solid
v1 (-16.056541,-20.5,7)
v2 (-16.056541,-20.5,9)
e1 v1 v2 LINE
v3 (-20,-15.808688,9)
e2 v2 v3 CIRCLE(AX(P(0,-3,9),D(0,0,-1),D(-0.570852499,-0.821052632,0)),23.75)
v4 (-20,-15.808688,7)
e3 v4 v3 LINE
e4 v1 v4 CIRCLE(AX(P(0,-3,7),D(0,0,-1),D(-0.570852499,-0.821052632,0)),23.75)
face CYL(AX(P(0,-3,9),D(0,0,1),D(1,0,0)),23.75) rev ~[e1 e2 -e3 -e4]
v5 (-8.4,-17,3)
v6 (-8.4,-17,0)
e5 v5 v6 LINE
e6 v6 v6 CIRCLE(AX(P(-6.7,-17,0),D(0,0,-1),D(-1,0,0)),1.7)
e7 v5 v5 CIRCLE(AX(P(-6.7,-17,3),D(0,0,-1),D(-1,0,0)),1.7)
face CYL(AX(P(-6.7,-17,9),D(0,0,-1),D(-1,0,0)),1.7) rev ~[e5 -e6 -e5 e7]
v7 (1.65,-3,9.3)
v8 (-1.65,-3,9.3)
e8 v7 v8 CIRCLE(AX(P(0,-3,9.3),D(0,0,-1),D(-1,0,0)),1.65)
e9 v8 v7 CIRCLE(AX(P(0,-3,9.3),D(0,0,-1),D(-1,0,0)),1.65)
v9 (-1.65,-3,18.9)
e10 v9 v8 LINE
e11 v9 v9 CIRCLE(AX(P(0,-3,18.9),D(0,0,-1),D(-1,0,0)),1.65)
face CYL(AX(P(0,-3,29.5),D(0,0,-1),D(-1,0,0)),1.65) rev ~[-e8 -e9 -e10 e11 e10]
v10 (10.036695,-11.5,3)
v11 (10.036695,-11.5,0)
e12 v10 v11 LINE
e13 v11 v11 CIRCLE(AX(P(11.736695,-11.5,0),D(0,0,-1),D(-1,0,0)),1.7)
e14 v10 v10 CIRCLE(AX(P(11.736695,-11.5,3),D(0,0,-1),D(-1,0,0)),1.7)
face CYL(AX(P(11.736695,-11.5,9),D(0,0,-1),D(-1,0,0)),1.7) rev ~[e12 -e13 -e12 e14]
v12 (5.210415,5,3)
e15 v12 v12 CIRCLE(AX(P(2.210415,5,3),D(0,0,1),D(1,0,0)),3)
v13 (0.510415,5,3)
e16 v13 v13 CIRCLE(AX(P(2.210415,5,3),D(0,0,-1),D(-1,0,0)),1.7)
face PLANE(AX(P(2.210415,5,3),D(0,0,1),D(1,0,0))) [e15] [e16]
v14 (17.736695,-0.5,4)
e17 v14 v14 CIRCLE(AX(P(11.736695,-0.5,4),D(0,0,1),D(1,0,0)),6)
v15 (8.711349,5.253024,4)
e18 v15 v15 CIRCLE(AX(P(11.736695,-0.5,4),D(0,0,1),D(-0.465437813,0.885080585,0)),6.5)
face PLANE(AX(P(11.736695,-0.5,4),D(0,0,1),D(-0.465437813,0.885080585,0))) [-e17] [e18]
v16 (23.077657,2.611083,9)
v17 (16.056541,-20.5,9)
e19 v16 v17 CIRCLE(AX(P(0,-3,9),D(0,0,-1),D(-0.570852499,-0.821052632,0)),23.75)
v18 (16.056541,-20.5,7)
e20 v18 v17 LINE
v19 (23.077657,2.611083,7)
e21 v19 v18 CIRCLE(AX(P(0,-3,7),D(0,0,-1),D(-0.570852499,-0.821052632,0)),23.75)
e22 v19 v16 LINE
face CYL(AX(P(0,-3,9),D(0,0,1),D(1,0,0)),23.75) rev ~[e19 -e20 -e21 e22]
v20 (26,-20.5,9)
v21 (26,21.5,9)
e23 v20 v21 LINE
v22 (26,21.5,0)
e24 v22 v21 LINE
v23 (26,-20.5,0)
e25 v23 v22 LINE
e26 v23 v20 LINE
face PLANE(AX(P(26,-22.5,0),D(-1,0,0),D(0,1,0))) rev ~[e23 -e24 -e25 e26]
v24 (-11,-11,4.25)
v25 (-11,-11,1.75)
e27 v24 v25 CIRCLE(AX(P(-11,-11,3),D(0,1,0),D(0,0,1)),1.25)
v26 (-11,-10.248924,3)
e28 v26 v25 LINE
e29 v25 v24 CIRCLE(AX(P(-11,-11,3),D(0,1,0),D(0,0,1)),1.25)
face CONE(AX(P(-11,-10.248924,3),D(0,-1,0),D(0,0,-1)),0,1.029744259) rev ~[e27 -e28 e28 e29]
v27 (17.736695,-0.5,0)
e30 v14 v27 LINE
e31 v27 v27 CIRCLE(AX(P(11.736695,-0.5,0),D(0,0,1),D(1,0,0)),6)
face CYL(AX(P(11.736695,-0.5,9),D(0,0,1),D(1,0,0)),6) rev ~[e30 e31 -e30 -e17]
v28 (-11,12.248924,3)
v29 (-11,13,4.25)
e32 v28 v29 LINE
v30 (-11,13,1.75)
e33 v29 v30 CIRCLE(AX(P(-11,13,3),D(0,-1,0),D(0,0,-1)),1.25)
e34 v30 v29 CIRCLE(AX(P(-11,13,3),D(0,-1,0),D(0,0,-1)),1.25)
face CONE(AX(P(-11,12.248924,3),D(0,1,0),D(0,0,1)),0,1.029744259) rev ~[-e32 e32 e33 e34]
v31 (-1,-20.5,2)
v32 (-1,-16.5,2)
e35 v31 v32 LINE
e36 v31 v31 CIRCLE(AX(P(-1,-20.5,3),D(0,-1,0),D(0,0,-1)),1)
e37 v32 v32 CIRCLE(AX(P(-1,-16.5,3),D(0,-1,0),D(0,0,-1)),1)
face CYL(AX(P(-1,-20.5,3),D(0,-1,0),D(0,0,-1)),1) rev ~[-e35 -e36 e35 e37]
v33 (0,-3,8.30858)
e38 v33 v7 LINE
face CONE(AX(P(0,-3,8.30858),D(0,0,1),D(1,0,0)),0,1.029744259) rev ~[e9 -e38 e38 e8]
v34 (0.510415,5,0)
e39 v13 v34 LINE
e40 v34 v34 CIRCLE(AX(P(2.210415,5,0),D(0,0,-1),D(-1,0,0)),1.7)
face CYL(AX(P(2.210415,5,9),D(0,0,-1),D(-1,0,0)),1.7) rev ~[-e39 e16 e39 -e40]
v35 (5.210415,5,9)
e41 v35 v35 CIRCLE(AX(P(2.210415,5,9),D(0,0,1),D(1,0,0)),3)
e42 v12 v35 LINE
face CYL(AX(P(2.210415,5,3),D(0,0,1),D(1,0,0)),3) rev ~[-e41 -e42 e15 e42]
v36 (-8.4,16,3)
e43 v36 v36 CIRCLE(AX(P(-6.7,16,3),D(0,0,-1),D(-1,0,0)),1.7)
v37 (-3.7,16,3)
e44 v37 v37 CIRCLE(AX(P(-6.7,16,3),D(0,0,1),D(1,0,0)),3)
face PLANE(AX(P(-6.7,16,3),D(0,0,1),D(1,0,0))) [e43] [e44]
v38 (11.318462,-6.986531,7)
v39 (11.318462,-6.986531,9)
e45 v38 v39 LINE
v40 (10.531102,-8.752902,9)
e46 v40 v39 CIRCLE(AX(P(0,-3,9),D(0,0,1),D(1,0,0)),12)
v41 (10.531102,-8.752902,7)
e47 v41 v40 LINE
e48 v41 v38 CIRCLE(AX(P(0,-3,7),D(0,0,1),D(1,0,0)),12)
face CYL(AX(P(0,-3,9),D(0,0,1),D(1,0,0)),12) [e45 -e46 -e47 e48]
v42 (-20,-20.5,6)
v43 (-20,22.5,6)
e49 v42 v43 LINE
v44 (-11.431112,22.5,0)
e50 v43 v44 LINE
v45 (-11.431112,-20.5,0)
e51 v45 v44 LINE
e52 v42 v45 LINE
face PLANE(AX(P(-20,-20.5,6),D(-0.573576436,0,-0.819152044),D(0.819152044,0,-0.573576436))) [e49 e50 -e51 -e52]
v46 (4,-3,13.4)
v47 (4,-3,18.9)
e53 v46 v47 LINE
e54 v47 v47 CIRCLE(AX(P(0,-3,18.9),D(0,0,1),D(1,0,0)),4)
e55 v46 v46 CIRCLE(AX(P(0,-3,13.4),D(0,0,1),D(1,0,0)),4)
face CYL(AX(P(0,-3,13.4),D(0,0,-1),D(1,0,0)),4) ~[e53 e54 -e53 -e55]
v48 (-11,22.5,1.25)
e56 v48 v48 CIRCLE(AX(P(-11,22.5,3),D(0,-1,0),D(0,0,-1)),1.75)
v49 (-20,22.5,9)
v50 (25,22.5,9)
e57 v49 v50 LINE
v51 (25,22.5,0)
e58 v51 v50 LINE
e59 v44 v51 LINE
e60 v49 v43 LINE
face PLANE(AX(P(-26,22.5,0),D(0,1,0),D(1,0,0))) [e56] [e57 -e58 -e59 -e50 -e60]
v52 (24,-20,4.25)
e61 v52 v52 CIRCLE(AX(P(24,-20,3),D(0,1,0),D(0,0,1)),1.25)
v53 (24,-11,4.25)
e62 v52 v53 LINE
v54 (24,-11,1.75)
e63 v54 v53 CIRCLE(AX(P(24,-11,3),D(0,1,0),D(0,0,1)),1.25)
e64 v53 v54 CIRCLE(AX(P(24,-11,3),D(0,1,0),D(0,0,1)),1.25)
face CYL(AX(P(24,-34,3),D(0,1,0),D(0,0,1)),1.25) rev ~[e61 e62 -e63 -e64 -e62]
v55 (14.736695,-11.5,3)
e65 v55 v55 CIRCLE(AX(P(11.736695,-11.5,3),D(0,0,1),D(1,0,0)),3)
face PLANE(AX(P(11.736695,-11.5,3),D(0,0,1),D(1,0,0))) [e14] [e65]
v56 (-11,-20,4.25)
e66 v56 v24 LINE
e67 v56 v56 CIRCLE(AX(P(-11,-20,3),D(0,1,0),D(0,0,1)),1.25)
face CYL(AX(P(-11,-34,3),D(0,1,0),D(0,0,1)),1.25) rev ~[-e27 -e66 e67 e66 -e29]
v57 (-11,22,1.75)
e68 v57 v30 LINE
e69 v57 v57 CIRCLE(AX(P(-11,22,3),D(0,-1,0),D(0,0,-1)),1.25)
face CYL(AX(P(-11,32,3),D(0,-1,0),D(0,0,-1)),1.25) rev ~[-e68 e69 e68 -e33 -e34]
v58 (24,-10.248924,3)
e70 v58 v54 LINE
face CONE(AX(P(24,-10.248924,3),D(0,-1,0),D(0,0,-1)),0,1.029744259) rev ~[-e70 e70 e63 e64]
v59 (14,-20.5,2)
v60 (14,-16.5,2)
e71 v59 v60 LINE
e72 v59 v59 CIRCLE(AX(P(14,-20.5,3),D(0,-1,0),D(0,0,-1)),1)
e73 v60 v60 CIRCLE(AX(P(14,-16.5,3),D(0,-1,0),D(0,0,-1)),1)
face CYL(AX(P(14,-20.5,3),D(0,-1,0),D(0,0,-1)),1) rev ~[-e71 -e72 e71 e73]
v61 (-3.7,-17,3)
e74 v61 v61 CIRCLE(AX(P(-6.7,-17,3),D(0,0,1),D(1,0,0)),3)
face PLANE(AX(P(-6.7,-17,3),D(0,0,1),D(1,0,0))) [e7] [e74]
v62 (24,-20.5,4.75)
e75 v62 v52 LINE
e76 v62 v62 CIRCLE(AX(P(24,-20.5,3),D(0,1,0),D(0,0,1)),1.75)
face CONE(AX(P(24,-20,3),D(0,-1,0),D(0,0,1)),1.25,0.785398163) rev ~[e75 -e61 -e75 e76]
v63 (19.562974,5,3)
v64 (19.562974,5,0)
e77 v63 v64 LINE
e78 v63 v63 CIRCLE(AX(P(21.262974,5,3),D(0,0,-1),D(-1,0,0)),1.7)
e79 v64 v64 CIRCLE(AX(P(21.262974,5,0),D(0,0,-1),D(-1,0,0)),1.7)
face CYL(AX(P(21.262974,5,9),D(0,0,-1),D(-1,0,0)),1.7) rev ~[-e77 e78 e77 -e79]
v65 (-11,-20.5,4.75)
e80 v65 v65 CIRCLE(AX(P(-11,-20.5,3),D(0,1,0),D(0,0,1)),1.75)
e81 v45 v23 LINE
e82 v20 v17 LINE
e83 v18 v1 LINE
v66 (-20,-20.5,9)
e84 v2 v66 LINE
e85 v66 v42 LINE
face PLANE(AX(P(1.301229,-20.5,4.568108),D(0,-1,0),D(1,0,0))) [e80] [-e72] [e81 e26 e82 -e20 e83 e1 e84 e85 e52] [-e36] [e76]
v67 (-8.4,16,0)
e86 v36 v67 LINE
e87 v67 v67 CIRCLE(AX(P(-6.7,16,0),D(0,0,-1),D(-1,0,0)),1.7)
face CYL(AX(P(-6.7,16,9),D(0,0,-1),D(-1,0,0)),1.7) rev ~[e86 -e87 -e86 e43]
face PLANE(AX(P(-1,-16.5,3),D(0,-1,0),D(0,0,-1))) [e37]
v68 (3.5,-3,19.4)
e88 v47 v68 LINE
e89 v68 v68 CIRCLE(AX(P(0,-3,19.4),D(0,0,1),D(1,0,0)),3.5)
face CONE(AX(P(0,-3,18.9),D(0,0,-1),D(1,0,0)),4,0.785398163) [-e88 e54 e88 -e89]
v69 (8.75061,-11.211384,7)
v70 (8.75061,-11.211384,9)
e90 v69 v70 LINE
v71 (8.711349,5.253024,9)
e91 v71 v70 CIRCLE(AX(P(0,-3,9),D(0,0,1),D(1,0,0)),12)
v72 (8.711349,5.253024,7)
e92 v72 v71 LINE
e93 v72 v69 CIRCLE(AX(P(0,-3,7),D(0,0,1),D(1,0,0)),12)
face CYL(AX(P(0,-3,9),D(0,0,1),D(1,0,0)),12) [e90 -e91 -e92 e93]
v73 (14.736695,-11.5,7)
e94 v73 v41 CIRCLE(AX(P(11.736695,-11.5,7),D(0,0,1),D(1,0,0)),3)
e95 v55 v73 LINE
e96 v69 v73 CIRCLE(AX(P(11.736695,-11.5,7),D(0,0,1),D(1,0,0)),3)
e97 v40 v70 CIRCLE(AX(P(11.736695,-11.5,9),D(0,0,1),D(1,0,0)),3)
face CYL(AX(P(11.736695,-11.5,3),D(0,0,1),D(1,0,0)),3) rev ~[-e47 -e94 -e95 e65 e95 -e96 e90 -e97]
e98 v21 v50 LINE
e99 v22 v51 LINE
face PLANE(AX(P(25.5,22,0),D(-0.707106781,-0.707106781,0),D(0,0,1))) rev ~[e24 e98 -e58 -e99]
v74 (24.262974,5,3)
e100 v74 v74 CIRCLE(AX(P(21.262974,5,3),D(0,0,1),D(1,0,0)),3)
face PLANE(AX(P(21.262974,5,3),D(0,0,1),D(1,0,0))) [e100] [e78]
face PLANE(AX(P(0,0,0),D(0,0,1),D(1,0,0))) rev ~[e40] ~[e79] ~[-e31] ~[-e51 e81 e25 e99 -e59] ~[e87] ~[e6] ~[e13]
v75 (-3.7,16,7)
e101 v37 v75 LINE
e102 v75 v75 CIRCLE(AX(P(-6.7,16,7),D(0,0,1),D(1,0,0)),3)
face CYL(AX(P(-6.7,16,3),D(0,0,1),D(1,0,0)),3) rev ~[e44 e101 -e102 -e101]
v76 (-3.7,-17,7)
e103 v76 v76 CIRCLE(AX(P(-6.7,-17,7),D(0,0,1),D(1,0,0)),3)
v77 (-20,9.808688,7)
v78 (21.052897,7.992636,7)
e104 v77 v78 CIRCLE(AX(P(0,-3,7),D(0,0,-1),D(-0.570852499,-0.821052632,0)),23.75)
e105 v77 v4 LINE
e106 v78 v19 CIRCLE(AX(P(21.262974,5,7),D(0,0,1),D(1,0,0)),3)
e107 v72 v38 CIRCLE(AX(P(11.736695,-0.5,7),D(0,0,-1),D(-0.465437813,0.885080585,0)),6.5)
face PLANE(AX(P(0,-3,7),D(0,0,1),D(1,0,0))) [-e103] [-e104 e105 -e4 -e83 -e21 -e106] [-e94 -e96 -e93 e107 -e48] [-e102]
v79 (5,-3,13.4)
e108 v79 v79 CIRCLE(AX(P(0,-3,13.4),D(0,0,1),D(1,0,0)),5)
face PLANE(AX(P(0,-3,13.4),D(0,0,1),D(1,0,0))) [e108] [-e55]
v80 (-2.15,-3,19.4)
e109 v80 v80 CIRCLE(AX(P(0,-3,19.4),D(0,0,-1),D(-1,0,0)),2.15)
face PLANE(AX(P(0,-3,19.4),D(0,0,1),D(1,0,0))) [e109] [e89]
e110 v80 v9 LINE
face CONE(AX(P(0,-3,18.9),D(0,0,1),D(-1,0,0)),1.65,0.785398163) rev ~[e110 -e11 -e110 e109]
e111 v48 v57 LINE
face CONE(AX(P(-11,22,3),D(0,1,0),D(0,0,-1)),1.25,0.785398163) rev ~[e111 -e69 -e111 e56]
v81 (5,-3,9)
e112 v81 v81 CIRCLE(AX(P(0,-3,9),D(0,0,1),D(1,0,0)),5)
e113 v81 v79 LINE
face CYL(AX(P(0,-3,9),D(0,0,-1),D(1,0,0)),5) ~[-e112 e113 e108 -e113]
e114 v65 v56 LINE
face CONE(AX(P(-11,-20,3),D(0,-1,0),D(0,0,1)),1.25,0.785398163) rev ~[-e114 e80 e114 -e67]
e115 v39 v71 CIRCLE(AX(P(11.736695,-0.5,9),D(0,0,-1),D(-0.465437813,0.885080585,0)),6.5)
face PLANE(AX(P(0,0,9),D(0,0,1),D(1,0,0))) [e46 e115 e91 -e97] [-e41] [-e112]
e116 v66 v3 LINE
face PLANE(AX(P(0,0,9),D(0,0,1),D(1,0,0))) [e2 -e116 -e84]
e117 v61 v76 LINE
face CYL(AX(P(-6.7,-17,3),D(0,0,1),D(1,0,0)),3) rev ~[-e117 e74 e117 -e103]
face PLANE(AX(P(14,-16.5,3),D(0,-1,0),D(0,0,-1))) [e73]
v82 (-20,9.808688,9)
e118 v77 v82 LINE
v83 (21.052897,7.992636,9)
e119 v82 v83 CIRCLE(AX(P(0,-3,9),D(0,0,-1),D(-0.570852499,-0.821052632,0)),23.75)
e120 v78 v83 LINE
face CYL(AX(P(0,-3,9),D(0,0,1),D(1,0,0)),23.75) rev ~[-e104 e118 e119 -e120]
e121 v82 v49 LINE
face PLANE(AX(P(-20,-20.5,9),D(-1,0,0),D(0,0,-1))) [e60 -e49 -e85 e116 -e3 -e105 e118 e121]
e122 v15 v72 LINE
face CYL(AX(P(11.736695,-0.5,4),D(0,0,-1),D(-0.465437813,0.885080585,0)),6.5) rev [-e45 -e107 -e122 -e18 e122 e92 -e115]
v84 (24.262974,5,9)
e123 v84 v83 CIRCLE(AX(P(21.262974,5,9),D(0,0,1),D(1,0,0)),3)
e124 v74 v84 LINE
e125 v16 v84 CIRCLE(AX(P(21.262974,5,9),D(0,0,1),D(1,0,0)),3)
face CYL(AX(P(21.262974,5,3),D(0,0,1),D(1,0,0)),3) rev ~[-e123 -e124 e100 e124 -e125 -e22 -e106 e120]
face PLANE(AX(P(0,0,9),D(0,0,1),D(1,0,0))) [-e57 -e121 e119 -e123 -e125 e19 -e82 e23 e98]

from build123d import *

# Parameters (mm, degrees)
SKETCH_1_W                 = 52
SKETCH_1_H                 = 45
EXTRUDE_1_DEPTH            = 9
SKETCH_19_R                = 23.75
SKETCH_19_R_2              = 12
CUT_EXTRUDE_2_DEPTH        = 2
SKETCH_20_R                = 5
EXTRUDE_3_DEPTH            = 4.4
SKETCH_21_R                = 4
EXTRUDE_4_DEPTH            = 6
SKETCH_22_R                = 6
CUT_EXTRUDE_5_DEPTH        = 36.922277211
HOLE_WIZARD_1_D            = 3.4
HOLE_WIZARD_1_CBORE_D      = 6
HOLE_WIZARD_1_CBORE_DEPTH  = 6
CUT_EXTRUDE_6_DEPTH        = 45
HOLE_WIZARD_M3_1_D         = 2.5
HOLE_WIZARD_M3_1_DEPTH     = 9.5
HOLE_WIZARD_M3_1_TIP       = 0.751075774
HOLE_WIZARD_M4_2_D         = 3.3
HOLE_WIZARD_M4_2_DEPTH     = 10.1
HOLE_WIZARD_M4_2_TIP       = 0.991420021
CHAMFER_3_SIZE             = 0.5
M3_TAPPED_HOLE2_D          = 2.5
M3_TAPPED_HOLE2_DEPTH      = 11.5
M3_TAPPED_HOLE2_TIP        = 0.751075774
CHAMFER_4_SIZE             = 0.5
CHAMFER_5_SIZE             = 0.5
CHAMFER_6_SIZE             = 1
HOLE_WIZARD_2_D            = 3.4
HOLE_WIZARD_2_CBORE_D      = 6
HOLE_WIZARD_2_CBORE_DEPTH  = 6
EXTRUDE3_DEPTH             = 2
CHAMFER3_SIZE              = 0.5
EXTRUDE4_REACH             = 55.864
SKETCH_34_R                = 1
CUT_EXTRUDE_1_DEPTH        = 4
CUT_EXTRUDE_2_2_DEPTH      = 6
CUT_EXTRUDE_2_2_DEPTH_BACK = 3
SKETCH_35_R                = 6.5


with BuildPart() as part:
    # 草图1 → 拉伸1 (new body)
    with BuildSketch(Plane.XY):
        Rectangle(SKETCH_1_W, SKETCH_1_H)
    extrude(amount=EXTRUDE_1_DEPTH)

    # 草图19 → Cut-Extrude 2 (cut)
    with BuildSketch(Plane.XY.offset(9)):
        with Locations((0, -3)):
            Circle(SKETCH_19_R)
        with Locations((0, -3)):
            Circle(SKETCH_19_R_2, mode=Mode.SUBTRACT)
    extrude(amount=-CUT_EXTRUDE_2_DEPTH, mode=Mode.SUBTRACT)

    # 草图20 → 拉伸3 (add)
    with BuildSketch(Plane.XY.offset(9)):
        with Locations((0, -3)):
            Circle(SKETCH_20_R)
    extrude(amount=EXTRUDE_3_DEPTH)

    # 草图21 → 拉伸4 (add)
    with BuildSketch(Plane.XY.offset(13.4)):
        with Locations((0, -3)):
            Circle(SKETCH_21_R)
    extrude(amount=EXTRUDE_4_DEPTH)

    # 草图22 → 拉伸5 (cut, through all)
    with BuildSketch(Plane.XY.offset(9)):
        with Locations((11.736694594, -0.5)):
            Circle(SKETCH_22_R)
    extrude(amount=-CUT_EXTRUDE_5_DEPTH, mode=Mode.SUBTRACT)

    # 打孔尺寸根据内六角圆柱头螺钉的类型1 (through all)
    with Locations(Plane(origin=(2.210415153, 5, 9), x_dir=(1, 0, 0), z_dir=(0, 0, 1))):
        with Locations((0, 0), (9.526279441, -16.5), (19.052558883, 0)):
            CounterBoreHole(HOLE_WIZARD_1_D / 2, HOLE_WIZARD_1_CBORE_D / 2, HOLE_WIZARD_1_CBORE_DEPTH)

    # 草图25 → 拉伸6 (cut)
    with BuildSketch(Plane.XZ.offset(22.5)):
        Polygon((-26, 8), (-14.574815946, 0), (-26, 0), align=None)
    extrude(amount=-CUT_EXTRUDE_6_DEPTH, mode=Mode.SUBTRACT)

    # M3 螺纹孔1
    with Locations(Plane(origin=(-11, 22.5, 3), x_dir=(0, 0, 1), z_dir=(0, 1, 0))):
        with Locations((0, 0)):
            Hole(HOLE_WIZARD_M3_1_D / 2, depth=HOLE_WIZARD_M3_1_DEPTH)
            with Locations((0, 0, -(HOLE_WIZARD_M3_1_DEPTH + HOLE_WIZARD_M3_1_TIP / 2))):  # 118° drill point
                Cone(0, HOLE_WIZARD_M3_1_D / 2, HOLE_WIZARD_M3_1_TIP, mode=Mode.SUBTRACT)

    # M4 螺纹孔2
    with Locations(Plane(origin=(0, -3, 19.4), x_dir=(1, 0, 0), z_dir=(0, 0, 1))):
        with Locations((0, 0)):
            Hole(HOLE_WIZARD_M4_2_D / 2, depth=HOLE_WIZARD_M4_2_DEPTH)
            with Locations((0, 0, -(HOLE_WIZARD_M4_2_DEPTH + HOLE_WIZARD_M4_2_TIP / 2))):  # 118° drill point
                Cone(0, HOLE_WIZARD_M4_2_D / 2, HOLE_WIZARD_M4_2_TIP, mode=Mode.SUBTRACT)

    # 倒角3
    chamfer_3_edges = [part.edges().sort_by_distance(p)[0] for p in [
        (-4, -3, 19.4),
        (1.65, -3, 19.4),
    ]]
    chamfer(chamfer_3_edges, length=CHAMFER_3_SIZE)

    # M3 Tapped Hole2
    with Locations(Plane(origin=(-11, -22.5, 3), x_dir=(0, 0, -1), z_dir=(0, -1, 0))):
        with Locations((0, 0), (0, 35)):
            Hole(M3_TAPPED_HOLE2_D / 2, depth=M3_TAPPED_HOLE2_DEPTH)
            with Locations((0, 0, -(M3_TAPPED_HOLE2_DEPTH + M3_TAPPED_HOLE2_TIP / 2))):  # 118° drill point
                Cone(0, M3_TAPPED_HOLE2_D / 2, M3_TAPPED_HOLE2_TIP, mode=Mode.SUBTRACT)

    # 倒角4
    chamfer_4_edges = [part.edges().sort_by_distance(p)[0] for p in [
        (-11, -22.5, 1.75),
        (-11, 22.5, 4.25),
    ]]
    chamfer(chamfer_4_edges, length=CHAMFER_4_SIZE)

    # 倒角5
    chamfer_5_edges = [part.edges().sort_by_distance(p)[0] for p in [
        (24, -22.5, 1.75),
    ]]
    chamfer(chamfer_5_edges, length=CHAMFER_5_SIZE)

    # 倒角6
    chamfer_6_edges = [part.edges().sort_by_distance(p)[0] for p in [
        (26, 22.5, 4.5),
    ]]
    chamfer(chamfer_6_edges, length=CHAMFER_6_SIZE)

    # 打孔尺寸根据内六角圆柱头螺钉的类型2 (through all)
    with Locations(Plane(origin=(-6.7, 16, 9), x_dir=(1, 0, 0), z_dir=(0, 0, 1))):
        with Locations((0, 0), (0, -33)):
            CounterBoreHole(HOLE_WIZARD_2_D / 2, HOLE_WIZARD_2_CBORE_D / 2, HOLE_WIZARD_2_CBORE_DEPTH)

    # Sketch6 → Extrude3 (cut)
    with BuildSketch(Plane.XZ.offset(22.5)):
        Polygon((-26, 9), (-26, 8), (-14.574815946, 0), (26, 0), (26, 9), (13.557746863, 9), (13.557746863, 7), (-13.557746863, 7), (-13.557746863, 9), align=None)
    extrude(amount=-EXTRUDE3_DEPTH, mode=Mode.SUBTRACT)

    # Chamfer3
    chamfer3_edges = [part.edges().sort_by_distance(p)[0] for p in [
        (24, -20.5, 1.75),
        (-11, -20.5, 1.75),
    ]]
    chamfer(chamfer3_edges, length=CHAMFER3_SIZE)

    # Extrude4: up to this face of the body (flat: up to its plane)
    extrude4_end = Plane(part.part.faces().sort_by_distance((2.205978038, 22.5, 4.743303676))[0])
    # Sketch7 → Extrude4 (cut, up to the picked face)
    with BuildSketch(Plane.XZ.offset(20.5), mode=Mode.PRIVATE) as extrude4_sk1:
        Polygon((-20, 9), (-20, 6), (-11.43111196, 0), (-14.574815946, 0), (-26, 8), (-26, 9), align=None)
    extrude4_tool1 = split(extrude(extrude4_sk1.sketch, amount=-EXTRUDE4_REACH, mode=Mode.PRIVATE), bisect_by=extrude4_end, keep=Keep.BOTH, mode=Mode.PRIVATE)
    add(extrude4_tool1.solids().sort_by(Axis((-19.659359, -20.5, 5.073959), (0, 1, 0)))[0], mode=Mode.SUBTRACT)

    # 草图34 → 切除-拉伸1 (cut)
    with BuildSketch(Plane.XZ.offset(20.5)):
        with Locations(Location((-1, 3, 0), (0, 0, 270))):
            Circle(SKETCH_34_R)
        with Locations(Location((14, 3, 0), (0, 0, 270))):
            Circle(SKETCH_34_R)
    extrude(amount=-CUT_EXTRUDE_1_DEPTH, mode=Mode.SUBTRACT)

    # 草图35 → Cut-Extrude 2 2 (cut, two sides: drawn at the far end of the back side and taken through both)
    with BuildSketch(Plane.XY.offset(7).offset(-CUT_EXTRUDE_2_2_DEPTH_BACK)):
        with Locations(Location((11.736694594, -0.5, 0), (0, 0, 117.738560229))):
            Circle(SKETCH_35_R)
    extrude(amount=CUT_EXTRUDE_2_2_DEPTH + CUT_EXTRUDE_2_2_DEPTH_BACK, mode=Mode.SUBTRACT)


solid = part.part
